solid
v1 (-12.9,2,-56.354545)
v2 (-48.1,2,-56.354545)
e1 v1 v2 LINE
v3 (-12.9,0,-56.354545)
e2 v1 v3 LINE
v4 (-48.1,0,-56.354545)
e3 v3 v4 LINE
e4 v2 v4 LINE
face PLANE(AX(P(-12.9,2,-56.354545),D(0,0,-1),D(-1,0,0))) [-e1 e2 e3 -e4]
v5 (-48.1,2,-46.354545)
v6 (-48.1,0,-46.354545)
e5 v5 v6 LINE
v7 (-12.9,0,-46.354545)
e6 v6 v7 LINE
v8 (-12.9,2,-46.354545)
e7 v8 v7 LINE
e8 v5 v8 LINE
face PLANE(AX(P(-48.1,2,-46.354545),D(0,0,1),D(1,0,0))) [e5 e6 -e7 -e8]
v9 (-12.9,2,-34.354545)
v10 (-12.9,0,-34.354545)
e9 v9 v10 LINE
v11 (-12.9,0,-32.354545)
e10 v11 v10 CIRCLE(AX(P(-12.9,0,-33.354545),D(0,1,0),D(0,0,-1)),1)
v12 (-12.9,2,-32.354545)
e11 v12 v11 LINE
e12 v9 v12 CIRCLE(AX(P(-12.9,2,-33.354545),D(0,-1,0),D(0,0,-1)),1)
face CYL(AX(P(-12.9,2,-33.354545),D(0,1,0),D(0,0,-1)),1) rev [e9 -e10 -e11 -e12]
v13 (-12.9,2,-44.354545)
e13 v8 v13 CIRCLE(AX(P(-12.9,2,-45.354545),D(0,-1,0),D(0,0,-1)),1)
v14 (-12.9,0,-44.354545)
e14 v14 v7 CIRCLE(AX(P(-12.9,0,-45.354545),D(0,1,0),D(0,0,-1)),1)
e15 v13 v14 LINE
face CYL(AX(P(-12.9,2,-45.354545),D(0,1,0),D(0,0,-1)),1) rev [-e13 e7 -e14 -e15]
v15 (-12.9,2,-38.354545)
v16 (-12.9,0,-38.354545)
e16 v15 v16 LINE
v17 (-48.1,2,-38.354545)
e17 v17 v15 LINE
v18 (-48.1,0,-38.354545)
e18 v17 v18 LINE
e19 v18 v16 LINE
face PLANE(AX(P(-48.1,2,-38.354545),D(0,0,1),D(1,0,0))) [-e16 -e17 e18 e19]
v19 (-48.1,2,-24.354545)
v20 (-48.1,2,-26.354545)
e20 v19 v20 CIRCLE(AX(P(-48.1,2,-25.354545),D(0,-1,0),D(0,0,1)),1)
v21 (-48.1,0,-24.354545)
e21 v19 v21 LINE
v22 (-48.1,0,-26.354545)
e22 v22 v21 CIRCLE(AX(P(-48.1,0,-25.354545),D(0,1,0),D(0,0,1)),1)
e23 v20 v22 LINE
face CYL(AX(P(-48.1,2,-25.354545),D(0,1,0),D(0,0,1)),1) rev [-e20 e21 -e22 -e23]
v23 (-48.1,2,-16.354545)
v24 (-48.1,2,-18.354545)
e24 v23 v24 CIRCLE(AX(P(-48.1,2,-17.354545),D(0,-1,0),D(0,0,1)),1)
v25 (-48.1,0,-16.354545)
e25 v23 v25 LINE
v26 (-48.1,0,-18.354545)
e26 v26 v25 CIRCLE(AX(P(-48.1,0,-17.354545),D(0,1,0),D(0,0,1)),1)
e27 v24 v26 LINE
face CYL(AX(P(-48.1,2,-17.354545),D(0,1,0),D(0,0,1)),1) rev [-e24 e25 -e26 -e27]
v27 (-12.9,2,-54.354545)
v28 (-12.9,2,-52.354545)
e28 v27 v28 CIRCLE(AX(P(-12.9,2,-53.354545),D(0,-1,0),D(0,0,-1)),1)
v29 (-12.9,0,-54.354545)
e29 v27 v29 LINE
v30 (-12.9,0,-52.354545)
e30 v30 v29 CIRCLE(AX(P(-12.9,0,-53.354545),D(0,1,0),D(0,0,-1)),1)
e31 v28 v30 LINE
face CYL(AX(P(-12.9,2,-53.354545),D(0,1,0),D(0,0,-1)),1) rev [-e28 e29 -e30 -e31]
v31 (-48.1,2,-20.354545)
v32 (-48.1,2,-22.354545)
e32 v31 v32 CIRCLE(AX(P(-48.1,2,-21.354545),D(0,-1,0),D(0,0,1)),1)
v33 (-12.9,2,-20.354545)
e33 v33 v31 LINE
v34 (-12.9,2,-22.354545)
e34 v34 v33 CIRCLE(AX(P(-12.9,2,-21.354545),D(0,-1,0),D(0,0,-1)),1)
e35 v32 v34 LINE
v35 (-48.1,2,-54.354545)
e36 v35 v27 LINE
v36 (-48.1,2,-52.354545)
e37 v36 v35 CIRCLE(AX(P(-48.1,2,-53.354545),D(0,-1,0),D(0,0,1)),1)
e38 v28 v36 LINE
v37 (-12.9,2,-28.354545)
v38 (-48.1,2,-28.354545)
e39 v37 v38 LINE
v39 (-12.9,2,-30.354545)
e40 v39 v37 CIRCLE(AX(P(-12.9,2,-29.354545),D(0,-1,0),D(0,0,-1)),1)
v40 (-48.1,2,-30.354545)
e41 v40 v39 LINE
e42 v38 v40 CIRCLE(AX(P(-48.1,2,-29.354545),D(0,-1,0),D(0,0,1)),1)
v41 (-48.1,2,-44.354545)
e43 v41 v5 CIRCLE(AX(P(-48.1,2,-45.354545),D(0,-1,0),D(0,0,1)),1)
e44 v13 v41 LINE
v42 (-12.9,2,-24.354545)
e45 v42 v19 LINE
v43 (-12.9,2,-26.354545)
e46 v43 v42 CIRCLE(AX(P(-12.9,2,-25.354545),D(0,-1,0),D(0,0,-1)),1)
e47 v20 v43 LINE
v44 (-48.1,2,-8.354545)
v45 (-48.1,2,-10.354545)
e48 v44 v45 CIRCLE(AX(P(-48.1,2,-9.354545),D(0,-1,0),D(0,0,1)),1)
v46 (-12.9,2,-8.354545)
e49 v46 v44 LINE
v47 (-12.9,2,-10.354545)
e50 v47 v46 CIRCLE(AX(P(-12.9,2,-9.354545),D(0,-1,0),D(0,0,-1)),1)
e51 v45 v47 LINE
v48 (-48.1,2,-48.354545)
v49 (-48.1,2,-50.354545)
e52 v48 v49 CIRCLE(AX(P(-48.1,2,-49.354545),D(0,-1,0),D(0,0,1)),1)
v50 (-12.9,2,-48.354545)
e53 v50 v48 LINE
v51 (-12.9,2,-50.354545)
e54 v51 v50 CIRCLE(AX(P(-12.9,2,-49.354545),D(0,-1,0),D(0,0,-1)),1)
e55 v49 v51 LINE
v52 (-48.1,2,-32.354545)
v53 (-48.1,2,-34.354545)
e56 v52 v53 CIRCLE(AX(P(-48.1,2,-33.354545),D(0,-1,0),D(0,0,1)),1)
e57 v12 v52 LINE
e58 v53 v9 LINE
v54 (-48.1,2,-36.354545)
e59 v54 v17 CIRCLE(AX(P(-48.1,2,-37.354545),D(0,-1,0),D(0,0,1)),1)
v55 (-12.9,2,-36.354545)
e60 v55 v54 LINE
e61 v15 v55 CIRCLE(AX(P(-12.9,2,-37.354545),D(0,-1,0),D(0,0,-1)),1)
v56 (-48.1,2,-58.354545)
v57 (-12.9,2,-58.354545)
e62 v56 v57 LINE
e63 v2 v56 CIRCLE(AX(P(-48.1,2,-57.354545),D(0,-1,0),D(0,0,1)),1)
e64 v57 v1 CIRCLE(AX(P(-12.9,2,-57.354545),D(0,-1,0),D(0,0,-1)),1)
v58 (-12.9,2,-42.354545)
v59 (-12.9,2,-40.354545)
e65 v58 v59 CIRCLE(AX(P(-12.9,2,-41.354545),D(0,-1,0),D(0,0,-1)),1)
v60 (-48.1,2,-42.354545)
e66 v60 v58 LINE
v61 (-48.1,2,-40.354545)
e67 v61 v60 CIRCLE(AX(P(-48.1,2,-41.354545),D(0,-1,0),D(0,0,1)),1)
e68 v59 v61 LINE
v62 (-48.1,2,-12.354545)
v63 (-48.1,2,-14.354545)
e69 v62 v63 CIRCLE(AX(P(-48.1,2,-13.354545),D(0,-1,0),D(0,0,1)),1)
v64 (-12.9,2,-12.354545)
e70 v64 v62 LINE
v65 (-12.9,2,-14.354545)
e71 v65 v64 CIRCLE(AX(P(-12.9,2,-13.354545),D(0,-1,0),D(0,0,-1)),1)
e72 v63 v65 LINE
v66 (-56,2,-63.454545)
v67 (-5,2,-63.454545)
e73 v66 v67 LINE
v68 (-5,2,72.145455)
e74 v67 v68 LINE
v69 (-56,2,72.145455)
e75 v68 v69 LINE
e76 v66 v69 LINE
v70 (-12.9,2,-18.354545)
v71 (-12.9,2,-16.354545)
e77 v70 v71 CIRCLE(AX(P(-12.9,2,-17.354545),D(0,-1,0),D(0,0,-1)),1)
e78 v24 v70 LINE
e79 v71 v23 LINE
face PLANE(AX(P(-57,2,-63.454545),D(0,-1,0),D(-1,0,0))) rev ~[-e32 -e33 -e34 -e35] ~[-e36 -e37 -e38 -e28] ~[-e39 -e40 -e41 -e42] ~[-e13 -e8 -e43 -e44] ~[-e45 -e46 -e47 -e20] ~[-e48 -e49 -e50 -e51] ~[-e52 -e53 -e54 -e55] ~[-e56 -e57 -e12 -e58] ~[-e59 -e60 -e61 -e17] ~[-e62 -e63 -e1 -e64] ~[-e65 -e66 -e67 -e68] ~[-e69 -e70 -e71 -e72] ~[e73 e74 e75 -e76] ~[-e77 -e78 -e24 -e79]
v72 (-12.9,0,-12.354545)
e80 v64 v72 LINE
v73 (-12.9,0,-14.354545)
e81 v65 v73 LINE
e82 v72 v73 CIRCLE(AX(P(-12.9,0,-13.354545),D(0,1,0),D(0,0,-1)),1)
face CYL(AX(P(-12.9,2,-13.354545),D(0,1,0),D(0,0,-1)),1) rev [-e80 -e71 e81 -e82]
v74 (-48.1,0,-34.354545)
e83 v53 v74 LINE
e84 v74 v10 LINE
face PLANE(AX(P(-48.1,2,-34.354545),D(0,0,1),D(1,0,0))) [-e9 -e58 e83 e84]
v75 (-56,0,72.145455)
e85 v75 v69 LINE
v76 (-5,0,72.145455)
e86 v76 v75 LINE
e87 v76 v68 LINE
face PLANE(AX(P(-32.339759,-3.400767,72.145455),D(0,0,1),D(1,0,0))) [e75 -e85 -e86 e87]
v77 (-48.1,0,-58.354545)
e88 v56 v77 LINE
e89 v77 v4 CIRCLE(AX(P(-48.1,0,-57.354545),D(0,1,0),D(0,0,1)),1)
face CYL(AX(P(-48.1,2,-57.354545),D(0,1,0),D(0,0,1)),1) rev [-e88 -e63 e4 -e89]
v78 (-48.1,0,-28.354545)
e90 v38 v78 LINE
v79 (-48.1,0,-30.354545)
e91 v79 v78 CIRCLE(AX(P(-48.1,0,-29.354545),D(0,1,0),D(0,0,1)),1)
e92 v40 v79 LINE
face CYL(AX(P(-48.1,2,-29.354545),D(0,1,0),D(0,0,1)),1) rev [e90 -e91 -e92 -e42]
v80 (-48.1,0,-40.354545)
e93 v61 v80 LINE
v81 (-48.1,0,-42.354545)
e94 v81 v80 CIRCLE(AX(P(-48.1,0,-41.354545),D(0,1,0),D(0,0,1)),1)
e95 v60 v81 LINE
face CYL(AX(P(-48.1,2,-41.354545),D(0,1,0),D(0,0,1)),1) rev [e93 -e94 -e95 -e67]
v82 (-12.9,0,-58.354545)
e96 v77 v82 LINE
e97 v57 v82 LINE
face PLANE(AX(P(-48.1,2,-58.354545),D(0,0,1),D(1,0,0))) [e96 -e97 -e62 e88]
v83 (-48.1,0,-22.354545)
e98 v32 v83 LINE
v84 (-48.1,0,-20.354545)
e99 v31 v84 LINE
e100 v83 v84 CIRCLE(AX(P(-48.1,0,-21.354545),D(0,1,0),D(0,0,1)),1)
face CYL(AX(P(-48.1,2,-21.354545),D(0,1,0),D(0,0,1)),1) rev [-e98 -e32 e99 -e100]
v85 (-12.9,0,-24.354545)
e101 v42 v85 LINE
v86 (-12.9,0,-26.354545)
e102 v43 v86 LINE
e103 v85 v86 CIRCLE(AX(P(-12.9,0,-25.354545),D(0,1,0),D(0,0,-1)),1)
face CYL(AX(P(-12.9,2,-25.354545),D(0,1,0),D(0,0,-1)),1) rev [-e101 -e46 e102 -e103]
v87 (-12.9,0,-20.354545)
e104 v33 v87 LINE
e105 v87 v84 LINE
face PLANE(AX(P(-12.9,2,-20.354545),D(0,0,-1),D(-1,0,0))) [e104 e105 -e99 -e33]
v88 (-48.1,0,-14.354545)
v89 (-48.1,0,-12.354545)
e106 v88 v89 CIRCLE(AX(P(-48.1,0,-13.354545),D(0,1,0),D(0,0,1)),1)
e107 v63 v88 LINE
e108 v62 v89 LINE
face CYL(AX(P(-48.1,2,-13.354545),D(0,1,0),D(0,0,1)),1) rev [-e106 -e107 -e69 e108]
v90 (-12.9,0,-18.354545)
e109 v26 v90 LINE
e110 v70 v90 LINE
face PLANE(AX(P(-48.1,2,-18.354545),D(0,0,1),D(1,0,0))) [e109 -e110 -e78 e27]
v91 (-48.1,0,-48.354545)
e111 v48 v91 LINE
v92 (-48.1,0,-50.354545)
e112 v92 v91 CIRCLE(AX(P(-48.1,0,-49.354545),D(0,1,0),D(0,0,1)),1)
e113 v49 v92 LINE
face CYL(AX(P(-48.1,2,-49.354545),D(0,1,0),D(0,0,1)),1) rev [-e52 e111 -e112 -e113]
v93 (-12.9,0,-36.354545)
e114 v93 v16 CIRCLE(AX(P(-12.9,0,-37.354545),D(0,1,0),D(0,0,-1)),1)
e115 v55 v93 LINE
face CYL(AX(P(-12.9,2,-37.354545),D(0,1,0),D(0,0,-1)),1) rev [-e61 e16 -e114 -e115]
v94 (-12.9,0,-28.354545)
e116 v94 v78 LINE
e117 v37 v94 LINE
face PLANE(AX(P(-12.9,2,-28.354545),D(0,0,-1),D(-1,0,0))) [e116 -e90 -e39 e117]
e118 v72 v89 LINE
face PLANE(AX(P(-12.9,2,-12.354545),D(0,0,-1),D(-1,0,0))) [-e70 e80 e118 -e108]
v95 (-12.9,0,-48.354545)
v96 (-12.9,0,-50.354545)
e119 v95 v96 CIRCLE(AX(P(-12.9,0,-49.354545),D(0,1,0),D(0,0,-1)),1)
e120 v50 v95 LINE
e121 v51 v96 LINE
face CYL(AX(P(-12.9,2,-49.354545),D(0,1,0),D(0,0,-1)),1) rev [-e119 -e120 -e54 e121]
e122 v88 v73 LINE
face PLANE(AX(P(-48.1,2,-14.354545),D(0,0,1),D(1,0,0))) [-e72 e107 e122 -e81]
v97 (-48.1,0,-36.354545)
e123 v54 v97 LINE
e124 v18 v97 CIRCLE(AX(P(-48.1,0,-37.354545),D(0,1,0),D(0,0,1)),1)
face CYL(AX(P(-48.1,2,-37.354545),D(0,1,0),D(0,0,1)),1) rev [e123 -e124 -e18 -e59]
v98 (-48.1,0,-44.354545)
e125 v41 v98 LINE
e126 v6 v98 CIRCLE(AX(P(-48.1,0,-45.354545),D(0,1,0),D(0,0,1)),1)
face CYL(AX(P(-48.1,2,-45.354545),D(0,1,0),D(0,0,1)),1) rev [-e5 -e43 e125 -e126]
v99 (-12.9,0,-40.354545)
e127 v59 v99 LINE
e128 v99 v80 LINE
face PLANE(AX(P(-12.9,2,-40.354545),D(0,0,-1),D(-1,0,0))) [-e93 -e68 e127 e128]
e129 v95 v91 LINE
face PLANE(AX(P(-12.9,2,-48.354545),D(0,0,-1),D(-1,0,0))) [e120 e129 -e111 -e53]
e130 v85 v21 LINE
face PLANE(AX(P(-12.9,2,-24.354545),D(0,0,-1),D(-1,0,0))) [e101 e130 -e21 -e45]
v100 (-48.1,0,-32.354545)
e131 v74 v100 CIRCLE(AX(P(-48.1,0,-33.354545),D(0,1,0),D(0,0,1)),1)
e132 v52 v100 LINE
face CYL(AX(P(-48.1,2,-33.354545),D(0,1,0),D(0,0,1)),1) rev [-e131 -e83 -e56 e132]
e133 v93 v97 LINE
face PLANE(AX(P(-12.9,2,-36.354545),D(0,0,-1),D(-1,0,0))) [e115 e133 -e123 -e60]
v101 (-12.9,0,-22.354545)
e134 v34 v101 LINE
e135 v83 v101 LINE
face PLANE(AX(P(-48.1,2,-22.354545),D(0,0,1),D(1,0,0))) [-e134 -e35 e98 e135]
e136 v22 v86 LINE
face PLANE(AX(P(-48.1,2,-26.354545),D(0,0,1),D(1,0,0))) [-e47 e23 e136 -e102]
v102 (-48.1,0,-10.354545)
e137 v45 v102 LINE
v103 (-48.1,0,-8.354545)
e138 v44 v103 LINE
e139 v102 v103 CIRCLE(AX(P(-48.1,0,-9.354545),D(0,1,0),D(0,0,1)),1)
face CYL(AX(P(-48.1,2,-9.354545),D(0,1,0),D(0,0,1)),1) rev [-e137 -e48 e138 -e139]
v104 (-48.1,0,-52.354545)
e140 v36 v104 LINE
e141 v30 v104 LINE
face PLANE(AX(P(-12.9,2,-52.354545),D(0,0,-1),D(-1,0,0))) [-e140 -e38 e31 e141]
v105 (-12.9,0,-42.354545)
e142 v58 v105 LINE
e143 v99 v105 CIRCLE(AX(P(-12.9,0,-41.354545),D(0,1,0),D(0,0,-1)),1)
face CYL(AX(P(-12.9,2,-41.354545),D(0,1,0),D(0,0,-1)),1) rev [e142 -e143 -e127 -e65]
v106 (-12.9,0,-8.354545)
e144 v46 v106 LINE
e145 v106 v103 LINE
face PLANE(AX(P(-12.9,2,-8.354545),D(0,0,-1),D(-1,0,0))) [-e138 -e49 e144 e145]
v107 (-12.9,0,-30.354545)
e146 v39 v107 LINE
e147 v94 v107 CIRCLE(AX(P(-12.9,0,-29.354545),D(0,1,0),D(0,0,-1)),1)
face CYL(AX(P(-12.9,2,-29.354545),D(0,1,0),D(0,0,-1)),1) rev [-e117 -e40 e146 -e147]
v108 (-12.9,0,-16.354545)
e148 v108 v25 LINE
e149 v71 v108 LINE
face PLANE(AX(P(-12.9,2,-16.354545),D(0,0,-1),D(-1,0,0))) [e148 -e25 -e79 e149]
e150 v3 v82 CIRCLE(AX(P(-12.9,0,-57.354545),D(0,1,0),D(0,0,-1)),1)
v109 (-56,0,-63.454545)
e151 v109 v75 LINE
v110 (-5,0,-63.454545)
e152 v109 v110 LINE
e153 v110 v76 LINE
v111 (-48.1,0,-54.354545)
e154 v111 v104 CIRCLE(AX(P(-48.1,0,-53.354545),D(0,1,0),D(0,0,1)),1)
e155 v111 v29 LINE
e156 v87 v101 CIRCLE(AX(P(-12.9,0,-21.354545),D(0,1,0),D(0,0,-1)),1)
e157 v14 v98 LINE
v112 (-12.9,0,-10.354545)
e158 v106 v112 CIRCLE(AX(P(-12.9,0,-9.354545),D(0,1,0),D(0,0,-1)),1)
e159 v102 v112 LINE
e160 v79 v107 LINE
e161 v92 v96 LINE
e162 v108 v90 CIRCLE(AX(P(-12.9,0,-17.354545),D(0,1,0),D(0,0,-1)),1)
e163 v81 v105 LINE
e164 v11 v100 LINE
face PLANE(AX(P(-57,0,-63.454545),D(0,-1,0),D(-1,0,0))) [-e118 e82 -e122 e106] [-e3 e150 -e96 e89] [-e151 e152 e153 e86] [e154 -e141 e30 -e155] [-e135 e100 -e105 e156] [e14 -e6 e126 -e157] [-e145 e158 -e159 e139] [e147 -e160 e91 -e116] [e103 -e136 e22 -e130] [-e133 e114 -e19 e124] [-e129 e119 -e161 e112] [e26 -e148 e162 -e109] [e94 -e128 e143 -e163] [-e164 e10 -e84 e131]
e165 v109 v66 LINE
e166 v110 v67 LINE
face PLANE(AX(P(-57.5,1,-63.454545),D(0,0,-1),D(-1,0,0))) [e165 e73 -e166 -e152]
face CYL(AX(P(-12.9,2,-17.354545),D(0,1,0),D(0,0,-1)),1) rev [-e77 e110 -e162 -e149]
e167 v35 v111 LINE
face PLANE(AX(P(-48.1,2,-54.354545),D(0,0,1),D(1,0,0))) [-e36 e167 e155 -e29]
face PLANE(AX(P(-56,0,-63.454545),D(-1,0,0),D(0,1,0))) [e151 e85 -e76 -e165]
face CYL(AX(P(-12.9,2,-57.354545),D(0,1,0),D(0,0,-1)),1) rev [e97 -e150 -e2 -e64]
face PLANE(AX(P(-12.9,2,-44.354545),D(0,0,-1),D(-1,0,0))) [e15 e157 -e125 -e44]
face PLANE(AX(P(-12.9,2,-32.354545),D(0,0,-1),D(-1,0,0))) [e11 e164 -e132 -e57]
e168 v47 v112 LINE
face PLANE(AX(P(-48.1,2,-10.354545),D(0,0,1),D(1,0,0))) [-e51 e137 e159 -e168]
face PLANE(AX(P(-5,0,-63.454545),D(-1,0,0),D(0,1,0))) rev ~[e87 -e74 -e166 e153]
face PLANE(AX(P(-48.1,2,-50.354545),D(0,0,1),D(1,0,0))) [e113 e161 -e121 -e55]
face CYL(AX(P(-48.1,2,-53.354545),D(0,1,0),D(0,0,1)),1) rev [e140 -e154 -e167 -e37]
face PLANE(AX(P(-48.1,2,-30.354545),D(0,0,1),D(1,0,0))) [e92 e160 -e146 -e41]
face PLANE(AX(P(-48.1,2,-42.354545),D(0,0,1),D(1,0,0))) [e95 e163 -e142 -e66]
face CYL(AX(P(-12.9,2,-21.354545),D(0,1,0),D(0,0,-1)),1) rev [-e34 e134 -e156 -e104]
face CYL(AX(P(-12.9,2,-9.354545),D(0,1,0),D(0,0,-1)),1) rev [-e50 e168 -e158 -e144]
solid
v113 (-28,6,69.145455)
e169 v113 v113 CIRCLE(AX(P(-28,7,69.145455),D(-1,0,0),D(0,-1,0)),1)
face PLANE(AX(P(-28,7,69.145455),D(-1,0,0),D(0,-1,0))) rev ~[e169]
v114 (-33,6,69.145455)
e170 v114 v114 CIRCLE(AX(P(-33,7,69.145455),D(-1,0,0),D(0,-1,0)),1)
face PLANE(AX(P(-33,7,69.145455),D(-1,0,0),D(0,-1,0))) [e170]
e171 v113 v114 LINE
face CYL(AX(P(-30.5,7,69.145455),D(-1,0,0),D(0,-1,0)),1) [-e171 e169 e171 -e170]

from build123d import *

# Parameters (mm, degrees)
SKETCH1_W           = 51
SKETCH1_H           = 136
BOSS_EXTRUDE1_DEPTH = 2
CUT_EXTRUDE1_DEPTH  = 10
SKETCH5_W           = 1
SKETCH5_H           = 2
BOSS_EXTRUDE2_DEPTH = 136
SKETCH6_W           = 1
SKETCH6_H           = 2
BOSS_EXTRUDE3_DEPTH = 136
SKETCH7_W           = 68.795835126
SKETCH7_H           = 26.425628728
CUT_EXTRUDE2_DEPTH  = 0.4
SKETCH8_W           = 2
SKETCH8_H           = 2
CUT_EXTRUDE3_DEPTH  = 135.6
SKETCH9_R           = 1
BOSS_EXTRUDE4_DEPTH = 2.5


with BuildPart() as part:
    # Sketch1 → Boss-Extrude1 (new body)
    with BuildSketch(Plane(origin=(0, 0, 0), x_dir=(1, 0, 0), z_dir=(0, 1, 0))):
        with Locations((-30.5, -4.545454545)):
            Rectangle(SKETCH1_W, SKETCH1_H)
    extrude(amount=BOSS_EXTRUDE1_DEPTH)

    # Sketch4 → Cut-Extrude1 (cut)
    with BuildSketch(Plane(origin=(0, 2, 0), x_dir=(1, 0, 0), z_dir=(0, 1, 0))):
        with BuildLine():
            Line((-48.1, 58.354545455), (-12.9, 58.354545455))
            ThreePointArc((-12.9, 58.354545455), (-11.9, 57.354545455), (-12.9, 56.354545455))
            Line((-12.9, 56.354545455), (-48.1, 56.354545455))
            ThreePointArc((-48.1, 56.354545455), (-49.1, 57.354545455), (-48.1, 58.354545455))
        make_face()
        with BuildLine():
            Line((-48.1, 54.354545455), (-12.9, 54.354545455))
            ThreePointArc((-12.9, 54.354545455), (-11.9, 53.354545455), (-12.9, 52.354545455))
            Line((-12.9, 52.354545455), (-48.1, 52.354545455))
            ThreePointArc((-48.1, 52.354545455), (-49.1, 53.354545455), (-48.1, 54.354545455))
        make_face()
        with BuildLine():
            Line((-48.1, 50.354545455), (-12.9, 50.354545455))
            ThreePointArc((-12.9, 50.354545455), (-11.9, 49.354545455), (-12.9, 48.354545455))
            Line((-12.9, 48.354545455), (-48.1, 48.354545455))
            ThreePointArc((-48.1, 48.354545455), (-49.1, 49.354545455), (-48.1, 50.354545455))
        make_face()
        with BuildLine():
            Line((-48.1, 46.354545455), (-12.9, 46.354545455))
            ThreePointArc((-12.9, 46.354545455), (-11.9, 45.354545455), (-12.9, 44.354545455))
            Line((-12.9, 44.354545455), (-48.1, 44.354545455))
            ThreePointArc((-48.1, 44.354545455), (-49.1, 45.354545455), (-48.1, 46.354545455))
        make_face()
        with BuildLine():
            Line((-48.1, 42.354545455), (-12.9, 42.354545455))
            ThreePointArc((-12.9, 42.354545455), (-11.9, 41.354545455), (-12.9, 40.354545455))
            Line((-12.9, 40.354545455), (-48.1, 40.354545455))
            ThreePointArc((-48.1, 40.354545455), (-49.1, 41.354545455), (-48.1, 42.354545455))
        make_face()
        with BuildLine():
            Line((-48.1, 38.354545455), (-12.9, 38.354545455))
            ThreePointArc((-12.9, 38.354545455), (-11.9, 37.354545455), (-12.9, 36.354545455))
            Line((-12.9, 36.354545455), (-48.1, 36.354545455))
            ThreePointArc((-48.1, 36.354545455), (-49.1, 37.354545455), (-48.1, 38.354545455))
        make_face()
        with BuildLine():
            Line((-48.1, 34.354545455), (-12.9, 34.354545455))
            ThreePointArc((-12.9, 34.354545455), (-11.9, 33.354545455), (-12.9, 32.354545455))
            Line((-12.9, 32.354545455), (-48.1, 32.354545455))
            ThreePointArc((-48.1, 32.354545455), (-49.1, 33.354545455), (-48.1, 34.354545455))
        make_face()
        with BuildLine():
            Line((-48.1, 30.354545455), (-12.9, 30.354545455))
            ThreePointArc((-12.9, 30.354545455), (-11.9, 29.354545455), (-12.9, 28.354545455))
            Line((-12.9, 28.354545455), (-48.1, 28.354545455))
            ThreePointArc((-48.1, 28.354545455), (-49.1, 29.354545455), (-48.1, 30.354545455))
        make_face()
        with BuildLine():
            Line((-48.1, 26.354545455), (-12.9, 26.354545455))
            ThreePointArc((-12.9, 26.354545455), (-11.9, 25.354545455), (-12.9, 24.354545455))
            Line((-12.9, 24.354545455), (-48.1, 24.354545455))
            ThreePointArc((-48.1, 24.354545455), (-49.1, 25.354545455), (-48.1, 26.354545455))
        make_face()
        with BuildLine():
            Line((-48.1, 22.354545455), (-12.9, 22.354545455))
            ThreePointArc((-12.9, 22.354545455), (-11.9, 21.354545455), (-12.9, 20.354545455))
            Line((-12.9, 20.354545455), (-48.1, 20.354545455))
            ThreePointArc((-48.1, 20.354545455), (-49.1, 21.354545455), (-48.1, 22.354545455))
        make_face()
        with BuildLine():
            Line((-48.1, 18.354545455), (-12.9, 18.354545455))
            ThreePointArc((-12.9, 18.354545455), (-11.9, 17.354545455), (-12.9, 16.354545455))
            Line((-12.9, 16.354545455), (-48.1, 16.354545455))
            ThreePointArc((-48.1, 16.354545455), (-49.1, 17.354545455), (-48.1, 18.354545455))
        make_face()
        with BuildLine():
            Line((-48.1, 14.354545455), (-12.9, 14.354545455))
            ThreePointArc((-12.9, 14.354545455), (-11.9, 13.354545455), (-12.9, 12.354545455))
            Line((-12.9, 12.354545455), (-48.1, 12.354545455))
            ThreePointArc((-48.1, 12.354545455), (-49.1, 13.354545455), (-48.1, 14.354545455))
        make_face()
        with BuildLine():
            Line((-48.1, 10.354545455), (-12.9, 10.354545455))
            ThreePointArc((-12.9, 10.354545455), (-11.9, 9.354545455), (-12.9, 8.354545455))
            Line((-12.9, 8.354545455), (-48.1, 8.354545455))
            ThreePointArc((-48.1, 8.354545455), (-49.1, 9.354545455), (-48.1, 10.354545455))
        make_face()
    extrude(amount=-CUT_EXTRUDE1_DEPTH, mode=Mode.SUBTRACT)

    # Sketch5 → Boss-Extrude2 (add)
    with BuildSketch(Plane(origin=(0, 0, -63.454545455), x_dir=(-1, 0, 0), z_dir=(0, 0, -1))):
        with Locations((56.5, 1)):
            Rectangle(SKETCH5_W, SKETCH5_H)
        with Locations((4.5, 1)):
            Rectangle(SKETCH5_W, SKETCH5_H)
    extrude(amount=-BOSS_EXTRUDE2_DEPTH)

    # Sketch6 → Boss-Extrude3 (add)
    with BuildSketch(Plane(origin=(0, 0, -63.454545455), x_dir=(-1, 0, 0), z_dir=(0, 0, -1))):
        with Locations((57.5, 1)):
            Rectangle(SKETCH6_W, SKETCH6_H)
        with Locations((3.5, 1)):
            Rectangle(SKETCH6_W, SKETCH6_H)
    extrude(amount=-BOSS_EXTRUDE3_DEPTH)

    # Sketch7 → Cut-Extrude2 (cut)
    with BuildSketch(Plane.XY.offset(72.545454545)):
        with Locations((-32.339758962, -3.400766566)):
            Rectangle(SKETCH7_W, SKETCH7_H)
    extrude(amount=-CUT_EXTRUDE2_DEPTH, mode=Mode.SUBTRACT)

    # Sketch8 → Cut-Extrude3 (cut)
    with BuildSketch(Plane(origin=(0, 0, -63.454545455), x_dir=(-1, 0, 0), z_dir=(0, 0, -1))):
        with Locations((4, 1)):
            Rectangle(SKETCH8_W, SKETCH8_H)
        with Locations((57, 1)):
            Rectangle(SKETCH8_W, SKETCH8_H)
    extrude(amount=-CUT_EXTRUDE3_DEPTH, mode=Mode.SUBTRACT)


with BuildPart() as body_2:
    # Sketch9 → Boss-Extrude4 (new, symmetric)
    with BuildSketch(Plane.ZY.offset(30.5)):
        with Locations(Location((69.145454545, 7, 0), (0, 0, 270))):
            Circle(SKETCH9_R)
    extrude(amount=BOSS_EXTRUDE4_DEPTH, both=True)


solid = Compound([part.part, body_2.part])
